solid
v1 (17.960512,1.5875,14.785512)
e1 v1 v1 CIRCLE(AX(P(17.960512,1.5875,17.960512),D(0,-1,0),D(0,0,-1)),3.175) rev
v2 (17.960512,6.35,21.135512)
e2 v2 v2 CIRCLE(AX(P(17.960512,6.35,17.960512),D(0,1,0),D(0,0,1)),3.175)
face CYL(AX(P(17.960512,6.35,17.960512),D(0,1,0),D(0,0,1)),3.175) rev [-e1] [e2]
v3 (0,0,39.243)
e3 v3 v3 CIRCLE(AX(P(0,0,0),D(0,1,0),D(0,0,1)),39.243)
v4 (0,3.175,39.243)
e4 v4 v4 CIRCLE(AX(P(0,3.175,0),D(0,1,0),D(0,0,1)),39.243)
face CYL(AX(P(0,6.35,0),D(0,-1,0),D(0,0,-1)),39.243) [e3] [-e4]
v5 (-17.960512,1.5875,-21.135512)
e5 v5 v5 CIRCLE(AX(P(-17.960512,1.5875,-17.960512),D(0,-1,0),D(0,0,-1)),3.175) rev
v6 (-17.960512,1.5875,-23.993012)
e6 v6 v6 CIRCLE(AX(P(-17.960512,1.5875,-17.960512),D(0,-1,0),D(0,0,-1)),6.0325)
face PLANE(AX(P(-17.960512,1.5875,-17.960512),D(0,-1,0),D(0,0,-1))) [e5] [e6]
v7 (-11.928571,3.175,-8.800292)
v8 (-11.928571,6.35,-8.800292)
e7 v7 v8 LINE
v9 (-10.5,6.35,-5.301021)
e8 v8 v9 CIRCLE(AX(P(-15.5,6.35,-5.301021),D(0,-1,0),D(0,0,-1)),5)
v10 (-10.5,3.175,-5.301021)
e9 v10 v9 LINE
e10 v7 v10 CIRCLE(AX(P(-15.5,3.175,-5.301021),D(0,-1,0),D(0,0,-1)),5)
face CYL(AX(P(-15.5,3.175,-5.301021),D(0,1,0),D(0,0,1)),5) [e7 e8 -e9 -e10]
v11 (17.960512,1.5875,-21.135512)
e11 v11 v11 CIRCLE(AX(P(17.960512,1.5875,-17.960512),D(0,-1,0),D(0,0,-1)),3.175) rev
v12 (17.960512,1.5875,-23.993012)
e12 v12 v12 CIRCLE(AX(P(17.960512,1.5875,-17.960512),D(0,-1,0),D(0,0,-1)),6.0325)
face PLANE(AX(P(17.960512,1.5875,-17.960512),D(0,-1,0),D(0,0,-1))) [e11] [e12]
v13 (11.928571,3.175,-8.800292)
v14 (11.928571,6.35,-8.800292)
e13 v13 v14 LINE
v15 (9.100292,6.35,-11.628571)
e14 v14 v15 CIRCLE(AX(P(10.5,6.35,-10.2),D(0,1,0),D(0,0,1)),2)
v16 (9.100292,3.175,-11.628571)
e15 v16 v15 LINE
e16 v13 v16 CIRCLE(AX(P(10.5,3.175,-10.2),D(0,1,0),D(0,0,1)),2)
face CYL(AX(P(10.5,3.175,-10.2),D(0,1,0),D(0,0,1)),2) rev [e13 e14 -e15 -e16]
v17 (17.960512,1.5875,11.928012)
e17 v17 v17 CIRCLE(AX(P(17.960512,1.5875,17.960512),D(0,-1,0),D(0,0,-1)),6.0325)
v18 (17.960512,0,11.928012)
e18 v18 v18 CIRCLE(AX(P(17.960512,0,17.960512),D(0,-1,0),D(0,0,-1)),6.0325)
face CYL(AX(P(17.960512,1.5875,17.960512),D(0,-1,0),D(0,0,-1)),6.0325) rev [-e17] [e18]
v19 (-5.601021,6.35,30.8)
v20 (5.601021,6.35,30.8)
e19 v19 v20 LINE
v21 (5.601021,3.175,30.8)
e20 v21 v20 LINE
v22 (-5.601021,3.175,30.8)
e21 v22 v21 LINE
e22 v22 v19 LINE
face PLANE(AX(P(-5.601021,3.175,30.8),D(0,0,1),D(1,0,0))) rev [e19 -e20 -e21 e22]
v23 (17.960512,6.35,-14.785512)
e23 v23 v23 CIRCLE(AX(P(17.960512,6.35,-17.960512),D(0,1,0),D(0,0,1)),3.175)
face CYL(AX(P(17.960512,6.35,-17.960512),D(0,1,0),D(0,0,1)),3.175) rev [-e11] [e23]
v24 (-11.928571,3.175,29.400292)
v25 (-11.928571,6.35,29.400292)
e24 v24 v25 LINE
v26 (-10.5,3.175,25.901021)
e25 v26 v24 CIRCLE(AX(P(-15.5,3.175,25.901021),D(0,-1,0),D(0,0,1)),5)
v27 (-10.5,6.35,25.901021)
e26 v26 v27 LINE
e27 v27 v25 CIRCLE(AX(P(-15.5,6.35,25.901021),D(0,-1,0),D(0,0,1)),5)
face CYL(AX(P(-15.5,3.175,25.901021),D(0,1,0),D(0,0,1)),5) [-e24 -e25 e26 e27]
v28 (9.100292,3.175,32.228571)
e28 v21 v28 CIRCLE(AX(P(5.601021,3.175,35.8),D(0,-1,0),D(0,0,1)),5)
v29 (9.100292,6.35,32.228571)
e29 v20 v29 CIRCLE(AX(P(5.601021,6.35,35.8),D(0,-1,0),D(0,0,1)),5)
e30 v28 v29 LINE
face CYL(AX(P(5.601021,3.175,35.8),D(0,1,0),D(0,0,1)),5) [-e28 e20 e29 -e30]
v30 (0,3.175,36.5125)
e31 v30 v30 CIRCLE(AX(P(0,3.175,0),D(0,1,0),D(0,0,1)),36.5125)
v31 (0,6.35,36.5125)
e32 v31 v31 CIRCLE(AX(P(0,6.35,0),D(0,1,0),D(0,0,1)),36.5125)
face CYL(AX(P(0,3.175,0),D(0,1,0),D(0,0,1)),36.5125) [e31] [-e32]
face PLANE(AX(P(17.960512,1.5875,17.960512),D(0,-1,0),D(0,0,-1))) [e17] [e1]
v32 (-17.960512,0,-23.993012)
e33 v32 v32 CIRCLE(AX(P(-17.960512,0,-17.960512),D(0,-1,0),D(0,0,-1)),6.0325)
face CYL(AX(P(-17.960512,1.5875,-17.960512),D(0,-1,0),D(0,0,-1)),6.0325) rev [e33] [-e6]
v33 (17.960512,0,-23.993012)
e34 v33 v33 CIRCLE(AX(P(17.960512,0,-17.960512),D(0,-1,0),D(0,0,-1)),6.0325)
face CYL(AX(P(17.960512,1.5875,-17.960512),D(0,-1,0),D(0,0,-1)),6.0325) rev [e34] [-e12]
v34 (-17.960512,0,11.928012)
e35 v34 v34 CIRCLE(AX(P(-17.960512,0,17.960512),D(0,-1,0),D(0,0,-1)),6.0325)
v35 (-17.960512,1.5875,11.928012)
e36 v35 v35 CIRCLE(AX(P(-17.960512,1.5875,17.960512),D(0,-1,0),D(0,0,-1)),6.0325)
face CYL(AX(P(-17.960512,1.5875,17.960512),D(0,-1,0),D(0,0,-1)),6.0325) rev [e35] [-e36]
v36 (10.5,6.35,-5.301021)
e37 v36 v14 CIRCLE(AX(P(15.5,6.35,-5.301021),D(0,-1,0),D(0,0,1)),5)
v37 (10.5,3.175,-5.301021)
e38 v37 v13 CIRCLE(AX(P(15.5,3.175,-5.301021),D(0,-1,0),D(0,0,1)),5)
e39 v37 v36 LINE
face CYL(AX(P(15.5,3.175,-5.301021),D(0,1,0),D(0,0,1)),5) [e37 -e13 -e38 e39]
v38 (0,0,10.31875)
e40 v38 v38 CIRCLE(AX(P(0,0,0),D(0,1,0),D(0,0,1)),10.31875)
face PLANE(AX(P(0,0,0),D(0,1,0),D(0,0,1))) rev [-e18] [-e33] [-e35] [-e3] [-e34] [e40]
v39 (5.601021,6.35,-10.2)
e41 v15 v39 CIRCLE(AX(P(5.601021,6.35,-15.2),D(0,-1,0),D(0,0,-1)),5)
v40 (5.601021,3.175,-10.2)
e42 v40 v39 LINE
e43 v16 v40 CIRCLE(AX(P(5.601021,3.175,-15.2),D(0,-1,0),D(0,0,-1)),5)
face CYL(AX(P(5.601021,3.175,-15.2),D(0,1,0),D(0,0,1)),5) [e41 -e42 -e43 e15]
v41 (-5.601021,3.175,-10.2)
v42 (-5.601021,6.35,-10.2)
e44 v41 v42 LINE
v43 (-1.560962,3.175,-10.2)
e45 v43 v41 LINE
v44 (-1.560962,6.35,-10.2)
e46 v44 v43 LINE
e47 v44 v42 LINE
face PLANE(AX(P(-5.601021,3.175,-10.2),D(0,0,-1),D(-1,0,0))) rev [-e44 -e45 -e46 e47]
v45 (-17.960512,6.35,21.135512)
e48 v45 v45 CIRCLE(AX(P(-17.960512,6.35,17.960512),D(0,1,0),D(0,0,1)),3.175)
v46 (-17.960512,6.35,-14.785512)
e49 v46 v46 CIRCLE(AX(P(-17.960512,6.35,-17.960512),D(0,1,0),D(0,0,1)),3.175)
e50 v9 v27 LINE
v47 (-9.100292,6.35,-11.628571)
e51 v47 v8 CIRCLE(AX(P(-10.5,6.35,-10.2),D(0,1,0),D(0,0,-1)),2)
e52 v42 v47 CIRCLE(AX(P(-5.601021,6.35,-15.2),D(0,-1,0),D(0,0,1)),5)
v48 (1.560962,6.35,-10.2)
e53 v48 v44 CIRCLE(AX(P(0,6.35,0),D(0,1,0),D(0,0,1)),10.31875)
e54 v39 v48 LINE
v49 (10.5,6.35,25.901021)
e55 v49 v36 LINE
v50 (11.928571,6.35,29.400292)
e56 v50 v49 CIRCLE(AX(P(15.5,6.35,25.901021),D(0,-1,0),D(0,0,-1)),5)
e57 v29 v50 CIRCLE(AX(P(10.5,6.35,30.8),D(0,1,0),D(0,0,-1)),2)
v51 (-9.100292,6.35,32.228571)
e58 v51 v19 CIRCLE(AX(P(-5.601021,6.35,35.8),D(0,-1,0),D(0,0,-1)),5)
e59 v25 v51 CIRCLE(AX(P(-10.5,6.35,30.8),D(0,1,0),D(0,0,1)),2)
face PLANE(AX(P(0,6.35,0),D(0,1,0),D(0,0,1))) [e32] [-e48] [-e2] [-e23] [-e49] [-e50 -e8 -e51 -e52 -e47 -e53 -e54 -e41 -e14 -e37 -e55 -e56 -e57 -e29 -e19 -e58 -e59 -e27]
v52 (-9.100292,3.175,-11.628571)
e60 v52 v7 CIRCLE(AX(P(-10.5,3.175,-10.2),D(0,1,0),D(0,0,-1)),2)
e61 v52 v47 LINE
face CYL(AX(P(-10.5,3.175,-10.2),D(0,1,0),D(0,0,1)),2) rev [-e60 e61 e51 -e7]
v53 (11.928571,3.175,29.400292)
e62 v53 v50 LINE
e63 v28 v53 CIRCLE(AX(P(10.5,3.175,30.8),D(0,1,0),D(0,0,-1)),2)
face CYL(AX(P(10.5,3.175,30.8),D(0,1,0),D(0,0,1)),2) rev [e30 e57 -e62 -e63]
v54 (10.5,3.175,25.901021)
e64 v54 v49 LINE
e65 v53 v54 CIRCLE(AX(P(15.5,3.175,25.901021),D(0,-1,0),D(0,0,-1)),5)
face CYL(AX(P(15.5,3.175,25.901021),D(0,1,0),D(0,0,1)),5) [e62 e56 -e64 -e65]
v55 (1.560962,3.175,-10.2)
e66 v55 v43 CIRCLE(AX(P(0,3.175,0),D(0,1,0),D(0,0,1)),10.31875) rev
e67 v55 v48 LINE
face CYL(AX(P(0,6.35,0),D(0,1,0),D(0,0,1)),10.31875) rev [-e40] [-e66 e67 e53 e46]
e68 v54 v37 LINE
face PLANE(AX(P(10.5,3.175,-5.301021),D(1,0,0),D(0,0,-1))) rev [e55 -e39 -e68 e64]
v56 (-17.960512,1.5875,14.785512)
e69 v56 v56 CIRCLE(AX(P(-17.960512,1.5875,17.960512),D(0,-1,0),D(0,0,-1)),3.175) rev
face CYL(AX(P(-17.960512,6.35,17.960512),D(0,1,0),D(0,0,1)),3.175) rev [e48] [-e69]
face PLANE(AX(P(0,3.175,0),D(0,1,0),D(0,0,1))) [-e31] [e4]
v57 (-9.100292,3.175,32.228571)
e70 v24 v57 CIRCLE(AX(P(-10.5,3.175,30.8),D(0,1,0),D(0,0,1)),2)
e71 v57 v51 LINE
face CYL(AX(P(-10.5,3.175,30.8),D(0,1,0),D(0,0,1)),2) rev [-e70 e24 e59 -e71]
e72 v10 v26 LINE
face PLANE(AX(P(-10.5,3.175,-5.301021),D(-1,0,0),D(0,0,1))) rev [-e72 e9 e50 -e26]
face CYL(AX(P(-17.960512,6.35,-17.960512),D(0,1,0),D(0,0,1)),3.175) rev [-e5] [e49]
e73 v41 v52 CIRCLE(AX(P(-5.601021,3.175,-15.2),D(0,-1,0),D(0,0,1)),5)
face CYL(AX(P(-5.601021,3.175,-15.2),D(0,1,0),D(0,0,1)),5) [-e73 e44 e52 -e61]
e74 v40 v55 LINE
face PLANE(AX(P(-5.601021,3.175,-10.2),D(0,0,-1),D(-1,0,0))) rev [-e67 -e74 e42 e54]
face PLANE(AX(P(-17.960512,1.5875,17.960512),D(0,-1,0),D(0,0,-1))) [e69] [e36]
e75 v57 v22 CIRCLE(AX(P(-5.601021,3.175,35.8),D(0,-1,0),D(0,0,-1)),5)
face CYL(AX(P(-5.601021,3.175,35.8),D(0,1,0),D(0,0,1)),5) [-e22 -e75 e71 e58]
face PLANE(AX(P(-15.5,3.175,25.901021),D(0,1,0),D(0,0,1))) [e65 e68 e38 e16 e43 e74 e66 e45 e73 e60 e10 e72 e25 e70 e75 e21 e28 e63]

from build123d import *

# Parameters (mm, degrees)
SKETCH2_R                       = 39.243
BOSS_EXTRUDE1_DEPTH             = 6.35
SKETCH4_R                       = 39.243
SKETCH4_R_2                     = 36.5125
CUT_EXTRUDE1_DEPTH              = 3.175
F_1_4_0_25_DIAMETER_HOLE1_D     = 6.35
F_13_16_0_8125_DIAMETER_HOLE1_D = 20.6375
CUT_EXTRUDE3_DEPTH              = 3.175
SKETCH9_R                       = 6.0325
CUT_EXTRUDE2_DEPTH              = 1.5875


with BuildPart() as part:
    # Sketch2 → Boss-Extrude1 (new body)
    with BuildSketch(Plane(origin=(0, 0, 0), x_dir=(1, 0, 0), z_dir=(0, 1, 0))):
        Circle(SKETCH2_R)
    extrude(amount=BOSS_EXTRUDE1_DEPTH)

    # Sketch4 → Cut-Extrude1 (cut)
    with BuildSketch(Plane(origin=(0, 6.35, 0), x_dir=(1, 0, 0), z_dir=(0, 1, 0))):
        Circle(SKETCH4_R)
        Circle(SKETCH4_R_2, mode=Mode.SUBTRACT)
    extrude(amount=-CUT_EXTRUDE1_DEPTH, mode=Mode.SUBTRACT)

    # 1/4 (0.25) Diameter Hole1 (through all)
    with Locations(Plane(origin=(0, 6.35, 0), x_dir=(1, 0, 0), z_dir=(0, 1, 0))):
        with Locations((-17.960512242, 17.960512242), (-17.960512242, -17.960512242), (17.960512242, 17.960512242), (17.960512242, -17.960512242)):
            Hole(F_1_4_0_25_DIAMETER_HOLE1_D / 2)

    # 13/16 (0.8125) Diameter Hole1 (through all)
    with Locations(Plane(origin=(0, 6.35, 0), x_dir=(1, 0, 0), z_dir=(0, 1, 0))):
        with Locations((0, 0)):
            Hole(F_13_16_0_8125_DIAMETER_HOLE1_D / 2)

    # Sketch11 → Cut-Extrude3 (cut)
    with BuildSketch(Plane(origin=(0, 6.35, 0), x_dir=(1, 0, 0), z_dir=(0, 1, 0))):
        with BuildLine():
            Line((-5.601020514, 10.2), (5.601020514, 10.2))
            ThreePointArc((5.601020514, 10.2), (7.490842879, 10.570899501), (9.100291576, 11.628571429))
            ThreePointArc((9.100291576, 11.628571429), (11.914213562, 11.614213562), (11.928571429, 8.800291576))
            ThreePointArc((11.928571429, 8.800291576), (10.870899501, 7.190842879), (10.5, 5.301020514))
            Line((10.5, 5.301020514), (10.5, -25.901020514))
            ThreePointArc((10.5, -25.901020514), (10.870899501, -27.790842879), (11.928571429, -29.400291576))
            ThreePointArc((11.928571429, -29.400291576), (11.914213562, -32.214213562), (9.100291576, -32.228571429))
            ThreePointArc((9.100291576, -32.228571429), (7.490842879, -31.170899501), (5.601020514, -30.8))
            Line((5.601020514, -30.8), (-5.601020514, -30.8))
            ThreePointArc((-5.601020514, -30.8), (-7.490842879, -31.170899501), (-9.100291576, -32.228571429))
            ThreePointArc((-9.100291576, -32.228571429), (-11.914213562, -32.214213562), (-11.928571429, -29.400291576))
            ThreePointArc((-11.928571429, -29.400291576), (-10.870899501, -27.790842879), (-10.5, -25.901020514))
            Line((-10.5, -25.901020514), (-10.5, 5.301020514))
            ThreePointArc((-10.5, 5.301020514), (-10.870899501, 7.190842879), (-11.928571429, 8.800291576))
            ThreePointArc((-11.928571429, 8.800291576), (-11.914213562, 11.614213562), (-9.100291576, 11.628571429))
            ThreePointArc((-9.100291576, 11.628571429), (-7.490842879, 10.570899501), (-5.601020514, 10.2))
        make_face()
    extrude(amount=-CUT_EXTRUDE3_DEPTH, mode=Mode.SUBTRACT)

    # Sketch9 → Cut-Extrude2 (cut)
    with BuildSketch(Plane.XZ):
        with Locations((-17.960512242, 17.960512242)):
            Circle(SKETCH9_R)
        with Locations((17.960512242, 17.960512242)):
            Circle(SKETCH9_R)
        with Locations((17.960512242, -17.960512242)):
            Circle(SKETCH9_R)
        with Locations((-17.960512242, -17.960512242)):
            Circle(SKETCH9_R)
    extrude(amount=-CUT_EXTRUDE2_DEPTH, mode=Mode.SUBTRACT)


solid = part.part
